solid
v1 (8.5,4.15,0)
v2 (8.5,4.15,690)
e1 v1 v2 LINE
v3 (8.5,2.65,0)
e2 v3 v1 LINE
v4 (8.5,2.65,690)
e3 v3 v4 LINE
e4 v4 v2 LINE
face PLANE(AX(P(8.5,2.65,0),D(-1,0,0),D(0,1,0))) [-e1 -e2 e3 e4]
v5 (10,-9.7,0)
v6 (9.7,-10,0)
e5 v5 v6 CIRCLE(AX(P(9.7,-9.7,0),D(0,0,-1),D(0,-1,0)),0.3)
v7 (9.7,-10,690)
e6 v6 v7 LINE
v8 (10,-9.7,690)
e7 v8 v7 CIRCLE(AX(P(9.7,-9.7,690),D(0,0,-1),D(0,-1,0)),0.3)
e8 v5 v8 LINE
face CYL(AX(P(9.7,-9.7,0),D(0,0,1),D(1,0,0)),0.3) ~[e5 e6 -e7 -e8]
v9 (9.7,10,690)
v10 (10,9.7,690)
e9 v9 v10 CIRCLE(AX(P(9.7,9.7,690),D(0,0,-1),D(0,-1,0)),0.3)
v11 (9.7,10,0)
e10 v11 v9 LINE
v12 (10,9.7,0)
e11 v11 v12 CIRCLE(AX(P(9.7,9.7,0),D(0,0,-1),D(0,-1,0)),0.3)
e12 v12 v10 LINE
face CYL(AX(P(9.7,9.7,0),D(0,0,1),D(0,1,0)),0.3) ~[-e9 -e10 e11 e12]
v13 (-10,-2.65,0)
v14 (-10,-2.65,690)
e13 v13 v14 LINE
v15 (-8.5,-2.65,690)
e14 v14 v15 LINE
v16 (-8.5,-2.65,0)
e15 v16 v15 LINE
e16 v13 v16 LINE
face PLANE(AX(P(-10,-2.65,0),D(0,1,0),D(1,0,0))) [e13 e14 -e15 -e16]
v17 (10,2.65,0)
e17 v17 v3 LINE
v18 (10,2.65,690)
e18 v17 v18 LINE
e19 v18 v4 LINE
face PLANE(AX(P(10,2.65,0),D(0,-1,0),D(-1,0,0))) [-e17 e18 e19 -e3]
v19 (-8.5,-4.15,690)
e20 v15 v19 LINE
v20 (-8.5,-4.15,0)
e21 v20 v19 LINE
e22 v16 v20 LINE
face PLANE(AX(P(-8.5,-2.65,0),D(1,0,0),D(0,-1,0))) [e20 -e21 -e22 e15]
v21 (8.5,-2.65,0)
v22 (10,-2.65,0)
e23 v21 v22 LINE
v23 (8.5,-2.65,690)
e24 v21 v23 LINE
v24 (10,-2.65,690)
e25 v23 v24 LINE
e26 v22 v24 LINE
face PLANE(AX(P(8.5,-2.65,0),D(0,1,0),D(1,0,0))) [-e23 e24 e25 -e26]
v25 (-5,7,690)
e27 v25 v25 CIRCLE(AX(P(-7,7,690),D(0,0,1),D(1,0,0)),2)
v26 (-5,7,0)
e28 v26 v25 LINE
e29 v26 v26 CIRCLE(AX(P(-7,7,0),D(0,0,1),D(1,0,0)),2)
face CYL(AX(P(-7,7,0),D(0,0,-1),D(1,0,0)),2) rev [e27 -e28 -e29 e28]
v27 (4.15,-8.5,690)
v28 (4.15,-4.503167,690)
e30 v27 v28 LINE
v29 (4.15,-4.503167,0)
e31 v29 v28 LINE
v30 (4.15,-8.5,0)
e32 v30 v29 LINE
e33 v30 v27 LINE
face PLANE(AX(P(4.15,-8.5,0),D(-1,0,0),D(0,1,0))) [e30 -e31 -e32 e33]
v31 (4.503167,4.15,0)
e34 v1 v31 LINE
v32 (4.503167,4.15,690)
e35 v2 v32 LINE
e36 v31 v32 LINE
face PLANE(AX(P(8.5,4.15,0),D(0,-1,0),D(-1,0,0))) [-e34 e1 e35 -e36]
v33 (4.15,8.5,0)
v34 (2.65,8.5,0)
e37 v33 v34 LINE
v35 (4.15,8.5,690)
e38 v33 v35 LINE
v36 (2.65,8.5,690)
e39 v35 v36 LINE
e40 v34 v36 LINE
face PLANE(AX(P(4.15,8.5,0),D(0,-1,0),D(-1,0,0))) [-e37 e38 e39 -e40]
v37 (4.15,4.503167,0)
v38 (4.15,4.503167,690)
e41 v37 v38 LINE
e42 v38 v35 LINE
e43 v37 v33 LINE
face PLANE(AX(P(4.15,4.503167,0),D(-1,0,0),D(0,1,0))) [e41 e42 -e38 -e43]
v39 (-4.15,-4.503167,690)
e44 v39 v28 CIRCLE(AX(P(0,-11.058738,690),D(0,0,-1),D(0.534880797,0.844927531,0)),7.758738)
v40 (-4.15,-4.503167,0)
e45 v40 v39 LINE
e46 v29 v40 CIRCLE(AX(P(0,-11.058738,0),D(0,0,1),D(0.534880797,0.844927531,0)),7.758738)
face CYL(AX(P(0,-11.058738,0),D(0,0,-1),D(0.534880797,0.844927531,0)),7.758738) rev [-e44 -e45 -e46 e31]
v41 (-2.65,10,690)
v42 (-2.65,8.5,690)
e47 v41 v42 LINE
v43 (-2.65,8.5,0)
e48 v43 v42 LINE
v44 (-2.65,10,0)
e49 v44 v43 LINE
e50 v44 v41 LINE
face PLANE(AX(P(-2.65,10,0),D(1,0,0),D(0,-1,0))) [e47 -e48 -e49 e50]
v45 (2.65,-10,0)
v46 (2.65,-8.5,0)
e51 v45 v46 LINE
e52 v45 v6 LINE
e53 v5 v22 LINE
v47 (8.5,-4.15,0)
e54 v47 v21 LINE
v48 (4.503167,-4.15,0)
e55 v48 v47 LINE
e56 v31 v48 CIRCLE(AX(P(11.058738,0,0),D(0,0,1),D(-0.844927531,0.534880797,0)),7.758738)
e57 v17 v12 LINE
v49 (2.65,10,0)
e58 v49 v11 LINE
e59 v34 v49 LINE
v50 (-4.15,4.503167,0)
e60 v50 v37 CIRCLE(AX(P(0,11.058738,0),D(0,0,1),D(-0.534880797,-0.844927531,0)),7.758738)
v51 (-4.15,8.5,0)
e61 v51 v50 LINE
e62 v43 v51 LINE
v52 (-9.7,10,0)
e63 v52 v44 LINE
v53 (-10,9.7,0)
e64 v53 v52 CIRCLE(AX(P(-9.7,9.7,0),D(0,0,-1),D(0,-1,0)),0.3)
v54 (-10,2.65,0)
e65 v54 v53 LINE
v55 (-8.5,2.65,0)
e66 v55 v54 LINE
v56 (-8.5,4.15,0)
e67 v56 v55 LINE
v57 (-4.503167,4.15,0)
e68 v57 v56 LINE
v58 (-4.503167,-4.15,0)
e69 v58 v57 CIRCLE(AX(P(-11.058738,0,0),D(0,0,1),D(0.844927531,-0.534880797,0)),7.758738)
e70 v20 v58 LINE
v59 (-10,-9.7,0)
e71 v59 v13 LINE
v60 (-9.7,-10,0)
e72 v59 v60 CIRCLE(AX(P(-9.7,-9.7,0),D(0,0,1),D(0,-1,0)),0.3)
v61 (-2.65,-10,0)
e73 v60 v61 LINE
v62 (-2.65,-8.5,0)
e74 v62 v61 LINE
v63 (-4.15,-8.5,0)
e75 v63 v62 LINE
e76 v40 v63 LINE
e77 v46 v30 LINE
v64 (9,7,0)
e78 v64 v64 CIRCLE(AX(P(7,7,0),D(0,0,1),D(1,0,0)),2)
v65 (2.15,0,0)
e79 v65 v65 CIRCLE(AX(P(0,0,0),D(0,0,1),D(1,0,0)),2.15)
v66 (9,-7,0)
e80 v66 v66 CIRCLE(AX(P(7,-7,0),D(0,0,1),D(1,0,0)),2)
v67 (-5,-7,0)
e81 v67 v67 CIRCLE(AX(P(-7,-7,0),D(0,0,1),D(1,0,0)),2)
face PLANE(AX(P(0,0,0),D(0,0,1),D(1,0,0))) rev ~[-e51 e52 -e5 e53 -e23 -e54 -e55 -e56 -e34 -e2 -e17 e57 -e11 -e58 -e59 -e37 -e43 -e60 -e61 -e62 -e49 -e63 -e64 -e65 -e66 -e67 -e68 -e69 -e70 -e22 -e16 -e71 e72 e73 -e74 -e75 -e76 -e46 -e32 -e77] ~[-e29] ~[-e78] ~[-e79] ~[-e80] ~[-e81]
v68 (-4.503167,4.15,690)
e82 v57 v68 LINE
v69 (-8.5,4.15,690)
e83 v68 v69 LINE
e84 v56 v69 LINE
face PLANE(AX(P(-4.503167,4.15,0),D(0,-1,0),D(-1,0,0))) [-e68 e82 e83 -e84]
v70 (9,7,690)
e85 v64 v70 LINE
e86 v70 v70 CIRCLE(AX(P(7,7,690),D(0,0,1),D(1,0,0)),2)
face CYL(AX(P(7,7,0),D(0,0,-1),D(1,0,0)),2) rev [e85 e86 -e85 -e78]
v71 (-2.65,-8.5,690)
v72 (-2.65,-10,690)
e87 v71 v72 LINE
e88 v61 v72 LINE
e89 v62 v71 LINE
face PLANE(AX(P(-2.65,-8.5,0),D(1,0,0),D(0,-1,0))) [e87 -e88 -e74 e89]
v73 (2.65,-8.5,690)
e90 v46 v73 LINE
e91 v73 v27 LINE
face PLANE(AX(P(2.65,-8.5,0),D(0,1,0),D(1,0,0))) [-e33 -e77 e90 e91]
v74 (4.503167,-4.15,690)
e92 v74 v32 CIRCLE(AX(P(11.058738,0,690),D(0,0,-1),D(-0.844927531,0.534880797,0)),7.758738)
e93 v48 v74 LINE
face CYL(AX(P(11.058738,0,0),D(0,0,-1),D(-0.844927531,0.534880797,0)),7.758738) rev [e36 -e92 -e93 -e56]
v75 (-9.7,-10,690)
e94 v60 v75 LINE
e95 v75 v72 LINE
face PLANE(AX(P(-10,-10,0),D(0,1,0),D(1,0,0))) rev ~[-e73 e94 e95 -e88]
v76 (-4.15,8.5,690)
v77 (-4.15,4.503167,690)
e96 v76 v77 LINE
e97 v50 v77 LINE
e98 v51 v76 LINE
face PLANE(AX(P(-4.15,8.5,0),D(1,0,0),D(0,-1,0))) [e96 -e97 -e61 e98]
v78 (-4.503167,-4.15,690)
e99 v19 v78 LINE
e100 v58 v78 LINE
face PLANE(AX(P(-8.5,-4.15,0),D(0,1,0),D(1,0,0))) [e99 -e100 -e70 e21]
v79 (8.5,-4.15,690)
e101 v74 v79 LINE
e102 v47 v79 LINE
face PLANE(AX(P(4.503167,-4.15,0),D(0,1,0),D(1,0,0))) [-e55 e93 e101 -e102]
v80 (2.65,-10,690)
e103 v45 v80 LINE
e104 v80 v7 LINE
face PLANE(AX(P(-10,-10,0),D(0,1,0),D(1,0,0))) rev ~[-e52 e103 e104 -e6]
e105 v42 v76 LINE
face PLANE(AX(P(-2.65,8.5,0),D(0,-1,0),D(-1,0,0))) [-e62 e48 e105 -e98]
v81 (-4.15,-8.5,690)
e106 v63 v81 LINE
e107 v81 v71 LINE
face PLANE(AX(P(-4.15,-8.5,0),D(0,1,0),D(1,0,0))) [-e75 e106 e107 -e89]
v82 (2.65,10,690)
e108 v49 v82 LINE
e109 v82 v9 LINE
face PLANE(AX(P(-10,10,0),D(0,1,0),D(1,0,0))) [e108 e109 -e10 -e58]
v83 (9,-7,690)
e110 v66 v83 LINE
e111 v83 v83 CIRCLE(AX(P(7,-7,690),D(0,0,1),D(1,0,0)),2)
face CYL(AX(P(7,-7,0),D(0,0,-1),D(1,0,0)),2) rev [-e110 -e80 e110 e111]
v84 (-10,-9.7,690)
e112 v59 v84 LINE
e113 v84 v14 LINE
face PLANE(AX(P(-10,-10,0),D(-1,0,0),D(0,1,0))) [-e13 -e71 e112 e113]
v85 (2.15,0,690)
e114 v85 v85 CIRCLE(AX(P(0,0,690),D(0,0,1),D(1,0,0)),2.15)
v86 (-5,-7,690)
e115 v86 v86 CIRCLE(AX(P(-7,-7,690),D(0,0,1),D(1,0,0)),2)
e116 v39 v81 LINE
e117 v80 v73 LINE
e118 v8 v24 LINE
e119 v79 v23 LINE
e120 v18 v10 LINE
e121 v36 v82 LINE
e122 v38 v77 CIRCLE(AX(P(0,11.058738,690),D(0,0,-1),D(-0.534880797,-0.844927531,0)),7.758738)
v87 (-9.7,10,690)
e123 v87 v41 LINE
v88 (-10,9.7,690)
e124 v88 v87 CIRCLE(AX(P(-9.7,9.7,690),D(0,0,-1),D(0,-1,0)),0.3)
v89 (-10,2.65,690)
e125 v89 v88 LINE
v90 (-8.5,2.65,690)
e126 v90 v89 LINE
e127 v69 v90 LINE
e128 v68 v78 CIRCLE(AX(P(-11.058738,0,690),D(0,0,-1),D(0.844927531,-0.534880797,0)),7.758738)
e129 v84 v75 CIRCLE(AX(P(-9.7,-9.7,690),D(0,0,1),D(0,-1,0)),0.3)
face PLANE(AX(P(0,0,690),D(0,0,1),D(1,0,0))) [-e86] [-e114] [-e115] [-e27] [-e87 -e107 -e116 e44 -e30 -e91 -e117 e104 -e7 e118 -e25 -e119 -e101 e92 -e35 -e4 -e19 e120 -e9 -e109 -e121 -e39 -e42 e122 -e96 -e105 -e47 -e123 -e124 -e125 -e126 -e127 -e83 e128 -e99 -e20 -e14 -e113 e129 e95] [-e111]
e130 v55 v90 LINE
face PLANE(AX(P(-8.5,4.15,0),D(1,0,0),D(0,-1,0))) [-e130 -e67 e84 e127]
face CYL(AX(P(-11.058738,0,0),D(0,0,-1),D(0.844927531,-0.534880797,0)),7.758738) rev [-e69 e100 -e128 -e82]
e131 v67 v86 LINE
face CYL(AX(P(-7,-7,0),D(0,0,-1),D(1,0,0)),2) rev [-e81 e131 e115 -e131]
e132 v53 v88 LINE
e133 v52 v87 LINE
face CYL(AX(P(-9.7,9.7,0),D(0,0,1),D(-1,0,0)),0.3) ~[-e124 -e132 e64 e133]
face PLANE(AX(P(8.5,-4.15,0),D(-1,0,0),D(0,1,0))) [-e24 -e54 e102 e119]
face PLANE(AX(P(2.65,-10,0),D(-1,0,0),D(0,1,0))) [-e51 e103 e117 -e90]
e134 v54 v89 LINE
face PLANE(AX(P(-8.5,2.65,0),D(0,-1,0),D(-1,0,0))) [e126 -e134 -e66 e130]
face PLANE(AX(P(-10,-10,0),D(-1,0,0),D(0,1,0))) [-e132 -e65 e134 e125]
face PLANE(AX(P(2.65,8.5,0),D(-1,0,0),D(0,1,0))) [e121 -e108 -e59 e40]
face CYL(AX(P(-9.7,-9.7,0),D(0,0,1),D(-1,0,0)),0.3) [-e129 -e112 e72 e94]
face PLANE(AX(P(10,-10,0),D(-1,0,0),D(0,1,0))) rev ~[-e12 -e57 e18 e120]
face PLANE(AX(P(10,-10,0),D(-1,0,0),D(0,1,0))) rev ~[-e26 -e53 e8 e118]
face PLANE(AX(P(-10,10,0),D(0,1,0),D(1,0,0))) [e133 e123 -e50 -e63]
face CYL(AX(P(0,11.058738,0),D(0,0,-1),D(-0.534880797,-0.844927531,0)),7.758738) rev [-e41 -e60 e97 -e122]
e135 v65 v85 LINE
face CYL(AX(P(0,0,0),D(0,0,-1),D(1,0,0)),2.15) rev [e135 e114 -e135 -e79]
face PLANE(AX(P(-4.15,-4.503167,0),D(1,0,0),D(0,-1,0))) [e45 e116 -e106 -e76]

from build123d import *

# Parameters (mm, degrees)
SKETCH_1_W               = 20
SKETCH_1_H               = 20
SKETCH_1_R               = 2
SKETCH_1_R_2             = 2.15
EXTRUDE_1_DEPTH          = 690
CUT_EXTRUDE_1_REACH      = 692.145
PATTERN_CIRCULAR_1_COUNT = 4
FILLET_1_R               = 0.3


with BuildPart() as part:
    # 스케치1 → 보스-돌출1 (new body)
    with BuildSketch(Plane.XY):
        Rectangle(SKETCH_1_W, SKETCH_1_H)
        with Locations((-7, -7)):
            Circle(SKETCH_1_R, mode=Mode.SUBTRACT)
        with Locations((7, -7)):
            Circle(SKETCH_1_R, mode=Mode.SUBTRACT)
        with Locations((-7, 7)):
            Circle(SKETCH_1_R, mode=Mode.SUBTRACT)
        Circle(SKETCH_1_R_2, mode=Mode.SUBTRACT)
        with Locations((7, 7)):
            Circle(SKETCH_1_R, mode=Mode.SUBTRACT)
    extrude(amount=EXTRUDE_1_DEPTH)

    # 스케치1<3> → 컷-돌출1 (cut, up to next)
    with BuildSketch(Plane.XY, mode=Mode.PRIVATE) as cut_extrude_1_sk1:
        with BuildLine():
            Line((-8.5, 2.65), (-10, 2.65))
            Line((-10, 2.65), (-10, -2.65))
            Line((-10, -2.65), (-8.5, -2.65))
            Line((-8.5, -2.65), (-8.5, -4.15))
            Line((-8.5, -4.15), (-4.503166667, -4.15))
            ThreePointArc((-4.503166667, -4.15), (-3.3, 0), (-4.503166667, 4.15))
            Line((-4.503166667, 4.15), (-8.5, 4.15))
            Line((-8.5, 4.15), (-8.5, 2.65))
        make_face()
    cut_extrude_1_tool1 = extrude(cut_extrude_1_sk1.sketch, amount=CUT_EXTRUDE_1_REACH, mode=Mode.PRIVATE) & part.part
    cut_extrude_1 = cut_extrude_1_tool1.solids().sort_by_distance((-6.606913, 0, 0))[0]
    add(cut_extrude_1, mode=Mode.SUBTRACT)

    # 원형 패턴1: 컷-돌출1 ×4 about axis
    pattern_circular_1_axis = Axis((0, 0, 690), (0, 0, -1))
    for i in range(1, PATTERN_CIRCULAR_1_COUNT):
        add(cut_extrude_1.rotate(pattern_circular_1_axis, i * 360 / PATTERN_CIRCULAR_1_COUNT), mode=Mode.SUBTRACT)

    # 필렛1
    fillet_1_edges = [part.edges().sort_by_distance(p)[0] for p in [
        (10, -10, 345),
        (-10, -10, 345),
        (-10, 10, 345),
        (10, 10, 345),
    ]]
    fillet(fillet_1_edges, radius=FILLET_1_R)


solid = part.part
